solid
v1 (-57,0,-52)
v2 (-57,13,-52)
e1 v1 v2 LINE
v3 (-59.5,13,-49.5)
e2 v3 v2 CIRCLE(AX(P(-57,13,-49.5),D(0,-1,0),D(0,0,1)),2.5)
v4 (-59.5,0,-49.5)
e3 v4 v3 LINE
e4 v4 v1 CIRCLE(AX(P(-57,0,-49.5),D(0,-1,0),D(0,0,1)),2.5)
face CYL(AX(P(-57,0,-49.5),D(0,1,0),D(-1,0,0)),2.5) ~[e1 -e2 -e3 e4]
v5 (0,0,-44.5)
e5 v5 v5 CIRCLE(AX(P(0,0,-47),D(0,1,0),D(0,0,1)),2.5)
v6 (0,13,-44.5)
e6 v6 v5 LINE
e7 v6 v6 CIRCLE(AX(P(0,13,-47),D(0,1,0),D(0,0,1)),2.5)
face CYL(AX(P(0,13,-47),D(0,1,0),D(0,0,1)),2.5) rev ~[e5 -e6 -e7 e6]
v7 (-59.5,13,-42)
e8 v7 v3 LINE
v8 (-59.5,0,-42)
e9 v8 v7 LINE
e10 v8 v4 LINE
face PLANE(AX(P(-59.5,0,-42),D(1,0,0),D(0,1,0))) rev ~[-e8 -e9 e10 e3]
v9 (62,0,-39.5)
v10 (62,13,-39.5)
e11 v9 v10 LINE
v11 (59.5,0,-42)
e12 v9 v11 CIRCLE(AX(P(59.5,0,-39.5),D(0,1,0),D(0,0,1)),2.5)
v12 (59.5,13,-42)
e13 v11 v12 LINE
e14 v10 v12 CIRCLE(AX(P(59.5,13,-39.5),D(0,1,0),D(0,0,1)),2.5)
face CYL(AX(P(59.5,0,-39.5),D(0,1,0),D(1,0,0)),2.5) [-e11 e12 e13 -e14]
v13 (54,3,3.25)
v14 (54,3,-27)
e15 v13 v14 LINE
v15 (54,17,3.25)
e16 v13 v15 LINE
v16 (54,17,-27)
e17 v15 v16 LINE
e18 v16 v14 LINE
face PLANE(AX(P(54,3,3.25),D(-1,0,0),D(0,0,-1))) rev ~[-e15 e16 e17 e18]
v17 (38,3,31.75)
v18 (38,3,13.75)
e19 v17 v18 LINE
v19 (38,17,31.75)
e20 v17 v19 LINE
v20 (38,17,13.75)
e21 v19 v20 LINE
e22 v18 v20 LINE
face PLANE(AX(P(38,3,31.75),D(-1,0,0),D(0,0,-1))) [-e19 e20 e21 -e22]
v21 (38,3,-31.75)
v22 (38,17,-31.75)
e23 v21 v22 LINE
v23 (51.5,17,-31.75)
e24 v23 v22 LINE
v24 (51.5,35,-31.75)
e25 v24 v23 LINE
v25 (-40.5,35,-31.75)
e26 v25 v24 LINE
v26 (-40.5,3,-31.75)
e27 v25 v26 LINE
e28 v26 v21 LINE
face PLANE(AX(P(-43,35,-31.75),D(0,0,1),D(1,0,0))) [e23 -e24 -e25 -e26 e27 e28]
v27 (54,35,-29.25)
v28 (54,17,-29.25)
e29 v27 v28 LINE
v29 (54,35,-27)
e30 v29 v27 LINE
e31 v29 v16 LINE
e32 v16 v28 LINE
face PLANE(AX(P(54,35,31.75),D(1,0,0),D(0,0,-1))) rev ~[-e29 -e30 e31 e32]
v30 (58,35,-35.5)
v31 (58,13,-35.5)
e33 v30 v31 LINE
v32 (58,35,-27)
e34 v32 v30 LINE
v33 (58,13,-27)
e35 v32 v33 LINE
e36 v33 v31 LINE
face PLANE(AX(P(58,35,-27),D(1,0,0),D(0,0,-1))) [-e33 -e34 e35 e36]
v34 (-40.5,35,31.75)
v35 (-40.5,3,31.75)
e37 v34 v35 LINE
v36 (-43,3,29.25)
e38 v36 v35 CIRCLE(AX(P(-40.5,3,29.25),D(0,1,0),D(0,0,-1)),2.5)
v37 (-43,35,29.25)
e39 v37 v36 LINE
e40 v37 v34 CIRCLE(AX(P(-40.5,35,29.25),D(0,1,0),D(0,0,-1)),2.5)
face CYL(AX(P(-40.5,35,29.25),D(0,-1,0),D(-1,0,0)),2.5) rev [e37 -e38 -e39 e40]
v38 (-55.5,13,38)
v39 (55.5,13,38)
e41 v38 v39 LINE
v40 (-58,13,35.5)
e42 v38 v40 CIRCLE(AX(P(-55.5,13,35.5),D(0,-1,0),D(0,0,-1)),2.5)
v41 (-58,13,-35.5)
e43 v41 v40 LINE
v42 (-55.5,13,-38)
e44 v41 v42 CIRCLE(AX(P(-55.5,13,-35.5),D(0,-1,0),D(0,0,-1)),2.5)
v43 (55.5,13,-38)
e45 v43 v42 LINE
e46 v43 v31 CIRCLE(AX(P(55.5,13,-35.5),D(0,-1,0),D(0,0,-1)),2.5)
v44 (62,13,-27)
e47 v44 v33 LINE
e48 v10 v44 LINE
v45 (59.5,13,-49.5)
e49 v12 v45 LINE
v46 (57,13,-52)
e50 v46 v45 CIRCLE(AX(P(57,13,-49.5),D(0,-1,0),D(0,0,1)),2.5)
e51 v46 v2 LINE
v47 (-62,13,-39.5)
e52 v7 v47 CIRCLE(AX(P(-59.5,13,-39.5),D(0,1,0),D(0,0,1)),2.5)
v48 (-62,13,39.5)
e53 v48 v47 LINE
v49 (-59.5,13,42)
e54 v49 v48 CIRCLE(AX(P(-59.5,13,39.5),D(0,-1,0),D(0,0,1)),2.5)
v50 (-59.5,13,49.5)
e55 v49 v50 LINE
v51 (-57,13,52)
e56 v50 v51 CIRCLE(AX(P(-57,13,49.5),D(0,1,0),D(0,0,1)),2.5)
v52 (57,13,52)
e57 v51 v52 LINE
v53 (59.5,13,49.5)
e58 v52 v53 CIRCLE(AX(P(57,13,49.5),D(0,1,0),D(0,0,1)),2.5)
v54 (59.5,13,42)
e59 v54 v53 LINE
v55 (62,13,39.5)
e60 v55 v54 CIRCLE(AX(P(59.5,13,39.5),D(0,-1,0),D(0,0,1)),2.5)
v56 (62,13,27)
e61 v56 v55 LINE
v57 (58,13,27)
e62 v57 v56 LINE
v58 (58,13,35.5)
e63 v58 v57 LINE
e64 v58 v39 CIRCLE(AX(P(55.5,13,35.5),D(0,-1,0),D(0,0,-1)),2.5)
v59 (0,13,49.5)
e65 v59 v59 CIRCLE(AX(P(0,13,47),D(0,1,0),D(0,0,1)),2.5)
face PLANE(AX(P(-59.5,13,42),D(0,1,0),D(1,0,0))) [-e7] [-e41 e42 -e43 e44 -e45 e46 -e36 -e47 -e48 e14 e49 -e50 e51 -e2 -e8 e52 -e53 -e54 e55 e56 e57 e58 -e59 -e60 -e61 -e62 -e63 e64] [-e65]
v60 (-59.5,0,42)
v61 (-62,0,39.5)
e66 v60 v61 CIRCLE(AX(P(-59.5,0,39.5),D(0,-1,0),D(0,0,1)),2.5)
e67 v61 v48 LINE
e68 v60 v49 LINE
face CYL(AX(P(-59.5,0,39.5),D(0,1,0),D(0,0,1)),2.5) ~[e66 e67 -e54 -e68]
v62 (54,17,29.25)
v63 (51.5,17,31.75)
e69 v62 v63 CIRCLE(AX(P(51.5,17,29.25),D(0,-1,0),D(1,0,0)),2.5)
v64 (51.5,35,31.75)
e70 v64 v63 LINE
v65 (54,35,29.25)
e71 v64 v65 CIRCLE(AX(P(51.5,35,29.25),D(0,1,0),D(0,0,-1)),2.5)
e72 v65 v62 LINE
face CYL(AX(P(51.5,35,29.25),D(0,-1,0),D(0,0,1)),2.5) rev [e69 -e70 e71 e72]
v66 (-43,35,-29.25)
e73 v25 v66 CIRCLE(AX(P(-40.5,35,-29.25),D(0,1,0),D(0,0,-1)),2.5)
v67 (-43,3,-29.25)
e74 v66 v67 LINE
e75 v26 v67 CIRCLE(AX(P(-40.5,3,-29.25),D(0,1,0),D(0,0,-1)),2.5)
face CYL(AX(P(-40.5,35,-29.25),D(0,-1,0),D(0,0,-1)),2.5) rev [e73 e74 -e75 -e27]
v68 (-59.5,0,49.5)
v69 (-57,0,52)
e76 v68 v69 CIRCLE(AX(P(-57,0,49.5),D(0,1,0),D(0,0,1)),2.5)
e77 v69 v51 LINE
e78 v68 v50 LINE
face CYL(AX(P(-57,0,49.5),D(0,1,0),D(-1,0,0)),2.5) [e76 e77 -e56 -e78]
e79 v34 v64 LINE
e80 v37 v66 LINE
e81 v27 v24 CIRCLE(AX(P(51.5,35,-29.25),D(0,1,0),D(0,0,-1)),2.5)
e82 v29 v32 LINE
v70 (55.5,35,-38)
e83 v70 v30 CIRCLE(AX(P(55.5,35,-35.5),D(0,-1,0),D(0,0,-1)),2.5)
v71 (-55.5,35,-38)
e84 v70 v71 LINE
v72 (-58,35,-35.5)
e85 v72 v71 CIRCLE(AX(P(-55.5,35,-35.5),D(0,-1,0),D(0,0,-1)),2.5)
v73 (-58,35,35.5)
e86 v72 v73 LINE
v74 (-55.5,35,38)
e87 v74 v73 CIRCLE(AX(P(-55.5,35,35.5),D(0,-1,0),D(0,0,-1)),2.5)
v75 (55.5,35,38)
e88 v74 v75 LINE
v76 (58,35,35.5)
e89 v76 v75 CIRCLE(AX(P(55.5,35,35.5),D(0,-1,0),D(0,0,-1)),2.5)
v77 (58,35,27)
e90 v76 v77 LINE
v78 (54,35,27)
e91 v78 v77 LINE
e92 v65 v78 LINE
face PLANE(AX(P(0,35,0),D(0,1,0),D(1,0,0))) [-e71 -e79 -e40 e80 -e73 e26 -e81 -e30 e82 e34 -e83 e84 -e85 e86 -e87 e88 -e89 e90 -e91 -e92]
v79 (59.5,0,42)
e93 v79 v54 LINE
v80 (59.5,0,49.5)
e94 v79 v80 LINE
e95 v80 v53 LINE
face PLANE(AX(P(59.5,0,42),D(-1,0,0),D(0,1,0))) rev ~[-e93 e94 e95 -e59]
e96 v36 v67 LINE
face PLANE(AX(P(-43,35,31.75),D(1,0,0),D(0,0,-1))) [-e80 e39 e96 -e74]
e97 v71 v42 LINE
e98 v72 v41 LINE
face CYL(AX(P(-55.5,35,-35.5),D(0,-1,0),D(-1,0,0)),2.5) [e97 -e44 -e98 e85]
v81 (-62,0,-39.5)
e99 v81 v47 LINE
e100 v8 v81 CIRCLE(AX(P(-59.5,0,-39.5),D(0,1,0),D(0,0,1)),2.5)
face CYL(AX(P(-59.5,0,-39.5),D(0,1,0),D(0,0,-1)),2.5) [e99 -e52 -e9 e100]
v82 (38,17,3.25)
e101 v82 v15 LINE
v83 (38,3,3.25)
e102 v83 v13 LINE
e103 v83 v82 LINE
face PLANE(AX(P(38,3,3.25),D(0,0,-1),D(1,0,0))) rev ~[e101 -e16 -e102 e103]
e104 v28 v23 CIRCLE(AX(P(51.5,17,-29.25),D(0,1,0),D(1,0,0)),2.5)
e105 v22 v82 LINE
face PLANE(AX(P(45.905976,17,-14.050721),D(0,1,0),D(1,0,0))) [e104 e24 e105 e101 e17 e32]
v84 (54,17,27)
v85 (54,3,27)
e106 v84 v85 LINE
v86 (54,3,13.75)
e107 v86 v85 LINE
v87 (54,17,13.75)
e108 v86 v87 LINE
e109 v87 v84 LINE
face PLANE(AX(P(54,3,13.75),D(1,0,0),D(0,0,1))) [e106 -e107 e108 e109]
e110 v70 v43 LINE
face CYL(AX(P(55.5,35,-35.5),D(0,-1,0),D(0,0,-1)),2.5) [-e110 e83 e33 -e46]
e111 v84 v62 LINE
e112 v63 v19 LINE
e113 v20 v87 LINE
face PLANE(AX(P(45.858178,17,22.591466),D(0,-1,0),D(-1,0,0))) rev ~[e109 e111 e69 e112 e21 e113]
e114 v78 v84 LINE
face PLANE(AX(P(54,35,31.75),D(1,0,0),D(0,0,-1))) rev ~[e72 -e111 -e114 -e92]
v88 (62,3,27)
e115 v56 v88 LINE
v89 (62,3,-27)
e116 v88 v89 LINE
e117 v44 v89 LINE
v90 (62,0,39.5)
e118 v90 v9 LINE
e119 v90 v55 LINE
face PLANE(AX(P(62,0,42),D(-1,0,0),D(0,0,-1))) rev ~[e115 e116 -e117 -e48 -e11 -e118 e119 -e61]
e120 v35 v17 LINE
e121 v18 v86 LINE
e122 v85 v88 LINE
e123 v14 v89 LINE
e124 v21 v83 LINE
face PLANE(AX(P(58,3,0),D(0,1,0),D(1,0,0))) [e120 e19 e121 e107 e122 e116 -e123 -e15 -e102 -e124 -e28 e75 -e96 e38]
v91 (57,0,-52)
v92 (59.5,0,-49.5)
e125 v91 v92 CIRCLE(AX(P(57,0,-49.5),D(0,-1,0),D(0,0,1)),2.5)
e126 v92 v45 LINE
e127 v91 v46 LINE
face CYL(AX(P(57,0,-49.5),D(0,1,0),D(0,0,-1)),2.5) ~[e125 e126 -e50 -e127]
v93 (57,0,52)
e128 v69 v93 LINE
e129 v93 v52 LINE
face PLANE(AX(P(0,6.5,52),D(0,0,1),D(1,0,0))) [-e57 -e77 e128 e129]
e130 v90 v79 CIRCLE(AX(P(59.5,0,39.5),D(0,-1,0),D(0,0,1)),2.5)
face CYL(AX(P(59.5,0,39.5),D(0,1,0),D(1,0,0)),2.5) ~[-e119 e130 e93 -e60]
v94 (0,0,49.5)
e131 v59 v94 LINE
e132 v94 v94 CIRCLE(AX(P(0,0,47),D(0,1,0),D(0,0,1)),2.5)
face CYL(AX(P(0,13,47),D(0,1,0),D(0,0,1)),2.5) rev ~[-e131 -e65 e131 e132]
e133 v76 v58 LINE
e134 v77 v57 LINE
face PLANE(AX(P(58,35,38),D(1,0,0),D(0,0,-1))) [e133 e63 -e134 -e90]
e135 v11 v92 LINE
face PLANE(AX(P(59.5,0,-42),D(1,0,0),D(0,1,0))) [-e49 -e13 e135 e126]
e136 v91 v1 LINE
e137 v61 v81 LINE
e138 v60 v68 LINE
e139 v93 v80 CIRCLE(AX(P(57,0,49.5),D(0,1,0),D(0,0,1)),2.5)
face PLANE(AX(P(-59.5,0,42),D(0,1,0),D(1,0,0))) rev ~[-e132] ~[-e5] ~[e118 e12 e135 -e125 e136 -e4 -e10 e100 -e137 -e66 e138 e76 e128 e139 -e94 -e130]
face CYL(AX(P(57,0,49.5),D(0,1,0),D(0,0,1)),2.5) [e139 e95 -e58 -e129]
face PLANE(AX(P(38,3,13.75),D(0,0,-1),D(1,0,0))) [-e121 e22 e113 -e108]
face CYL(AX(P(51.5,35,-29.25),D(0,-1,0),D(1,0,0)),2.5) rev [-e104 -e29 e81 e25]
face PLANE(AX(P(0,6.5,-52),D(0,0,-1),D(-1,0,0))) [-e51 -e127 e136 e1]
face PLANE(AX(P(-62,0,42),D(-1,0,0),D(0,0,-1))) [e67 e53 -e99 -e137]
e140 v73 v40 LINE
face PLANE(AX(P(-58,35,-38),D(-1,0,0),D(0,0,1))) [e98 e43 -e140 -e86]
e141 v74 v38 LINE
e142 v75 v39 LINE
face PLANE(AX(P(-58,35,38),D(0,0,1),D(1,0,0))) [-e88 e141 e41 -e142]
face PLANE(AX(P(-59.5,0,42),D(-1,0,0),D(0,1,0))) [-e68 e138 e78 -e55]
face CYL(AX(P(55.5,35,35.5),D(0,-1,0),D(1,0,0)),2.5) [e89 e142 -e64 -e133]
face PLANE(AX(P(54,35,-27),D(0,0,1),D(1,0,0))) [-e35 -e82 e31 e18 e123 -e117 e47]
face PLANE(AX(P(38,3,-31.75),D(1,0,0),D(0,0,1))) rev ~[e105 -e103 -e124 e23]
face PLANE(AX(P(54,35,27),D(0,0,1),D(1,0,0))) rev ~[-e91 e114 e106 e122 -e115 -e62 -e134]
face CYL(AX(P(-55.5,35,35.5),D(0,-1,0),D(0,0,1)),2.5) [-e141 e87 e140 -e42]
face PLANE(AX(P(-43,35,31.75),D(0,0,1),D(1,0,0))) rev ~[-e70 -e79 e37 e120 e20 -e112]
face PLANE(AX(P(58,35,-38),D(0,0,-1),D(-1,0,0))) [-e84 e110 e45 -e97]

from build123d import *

# Parameters (mm, degrees)
SKETCH1_W           = 124
SKETCH1_H           = 84
BOSS_EXTRUDE1_DEPTH = 35
SKETCH2_W           = 97
SKETCH2_H           = 63.5
CUT_EXTRUDE1_DEPTH  = 32
SKETCH4_W           = 8
SKETCH4_H           = 54
CUT_EXTRUDE2_DEPTH  = 32
FILLET2_R           = 2.5
CUT_EXTRUDE3_DEPTH  = 22
FILLET4_R           = 2.5
SKETCH9_W           = 119
SKETCH9_H           = 13
BOSS_EXTRUDE3_DEPTH = 10
SKETCH11_W          = 119
SKETCH11_H          = 13
BOSS_EXTRUDE4_DEPTH = 10
SKETCH12_R          = 2.5
CUT_EXTRUDE6_DEPTH  = 84.857021173
FILLET5_R           = 2.5
BOSS_EXTRUDE5_DEPTH = 14


with BuildPart() as part:
    # Sketch1 → Boss-Extrude1 (new body)
    with BuildSketch(Plane(origin=(0, 0, 0), x_dir=(1, 0, 0), z_dir=(0, 1, 0))):
        Rectangle(SKETCH1_W, SKETCH1_H)
    extrude(amount=BOSS_EXTRUDE1_DEPTH)

    # Sketch2 → Cut-Extrude1 (cut)
    with BuildSketch(Plane(origin=(0, 35, 0), x_dir=(1, 0, 0), z_dir=(0, 1, 0))):
        with Locations((5.5, 0)):
            Rectangle(SKETCH2_W, SKETCH2_H)
    extrude(amount=-CUT_EXTRUDE1_DEPTH, mode=Mode.SUBTRACT)

    # Sketch4 → Cut-Extrude2 (cut)
    with BuildSketch(Plane(origin=(0, 35, 0), x_dir=(1, 0, 0), z_dir=(0, 1, 0))):
        with Locations((58, 0)):
            Rectangle(SKETCH4_W, SKETCH4_H)
    extrude(amount=-CUT_EXTRUDE2_DEPTH, mode=Mode.SUBTRACT)

    # Fillet2
    fillet2_edges = [part.edges().sort_by_distance(p)[0] for p in [
        (-43, 19, 31.75),
        (-43, 19, -31.75),
        (54, 19, -31.75),
        (54, 19, 31.75),
    ]]
    fillet(fillet2_edges, radius=FILLET2_R)

    # Sketch6 → Cut-Extrude3 (cut)
    with BuildSketch(Plane(origin=(0, 35, 0), x_dir=(1, 0, 0), z_dir=(0, 1, 0))):
        Polygon((-62, 42), (62, 42), (62, 27), (58, 27), (58, 38), (-58, 38), (-58, -38), (58, -38), (58, -27), (62, -27), (62, -42), (-62, -42), align=None)
    extrude(amount=-CUT_EXTRUDE3_DEPTH, mode=Mode.SUBTRACT)

    # Fillet4
    fillet4_edges = [part.edges().sort_by_distance(p)[0] for p in [
        (62, 6.5, 42),
        (-62, 6.5, 42),
        (-62, 6.5, -42),
        (62, 6.5, -42),
        (58, 24, -38),
        (-58, 24, -38),
        (-58, 24, 38),
        (58, 24, 38),
    ]]
    fillet(fillet4_edges, radius=FILLET4_R)

    # Sketch9 → Boss-Extrude3 (add)
    with BuildSketch(Plane(origin=(0, 0, -42), x_dir=(-1, 0, 0), z_dir=(0, 0, -1))):
        with Locations((0, 6.5)):
            Rectangle(SKETCH9_W, SKETCH9_H)
    extrude(amount=BOSS_EXTRUDE3_DEPTH)

    # Sketch11 → Boss-Extrude4 (add)
    with BuildSketch(Plane.XY.offset(42)):
        with Locations((0, 6.5)):
            Rectangle(SKETCH11_W, SKETCH11_H)
    extrude(amount=BOSS_EXTRUDE4_DEPTH)

    # Sketch12 → Cut-Extrude6 (cut, through all)
    with BuildSketch(Plane(origin=(0, 13, 0), x_dir=(1, 0, 0), z_dir=(0, 1, 0))):
        with Locations(Location((0, 47, 0), (0, 0, 270))):
            Circle(SKETCH12_R)
        with Locations(Location((0, -47, 0), (0, 0, 270))):
            Circle(SKETCH12_R)
    extrude(amount=-CUT_EXTRUDE6_DEPTH, mode=Mode.SUBTRACT)

    # Fillet5
    fillet5_edges = [part.edges().sort_by_distance(p)[0] for p in [
        (59.5, 6.5, -52),
        (-59.5, 6.5, -52),
        (-59.5, 6.5, 52),
        (59.5, 6.5, 52),
    ]]
    fillet(fillet5_edges, radius=FILLET5_R)

    # Sketch13 → Boss-Extrude5 (add)
    with BuildSketch(Plane(origin=(0, 3, 0), x_dir=(1, 0, 0), z_dir=(0, 1, 0))):
        with BuildLine():
            Line((38, 31.75), (38, -3.25))
            Line((38, -3.25), (54, -3.25))
            Line((54, -3.25), (54, 27))
            Line((54, 27), (54, 29.25))
            ThreePointArc((54, 29.25), (53.267766953, 31.017766953), (51.5, 31.75))
            Line((51.5, 31.75), (38, 31.75))
        make_face()
        with BuildLine():
            Line((38, -31.75), (38, -13.75))
            Line((38, -13.75), (54, -13.75))
            Line((54, -13.75), (54, -27))
            Line((54, -27), (54, -29.25))
            ThreePointArc((54, -29.25), (53.267766953, -31.017766953), (51.5, -31.75))
            Line((51.5, -31.75), (38, -31.75))
        make_face()
    extrude(amount=BOSS_EXTRUDE5_DEPTH)


solid = part.part
